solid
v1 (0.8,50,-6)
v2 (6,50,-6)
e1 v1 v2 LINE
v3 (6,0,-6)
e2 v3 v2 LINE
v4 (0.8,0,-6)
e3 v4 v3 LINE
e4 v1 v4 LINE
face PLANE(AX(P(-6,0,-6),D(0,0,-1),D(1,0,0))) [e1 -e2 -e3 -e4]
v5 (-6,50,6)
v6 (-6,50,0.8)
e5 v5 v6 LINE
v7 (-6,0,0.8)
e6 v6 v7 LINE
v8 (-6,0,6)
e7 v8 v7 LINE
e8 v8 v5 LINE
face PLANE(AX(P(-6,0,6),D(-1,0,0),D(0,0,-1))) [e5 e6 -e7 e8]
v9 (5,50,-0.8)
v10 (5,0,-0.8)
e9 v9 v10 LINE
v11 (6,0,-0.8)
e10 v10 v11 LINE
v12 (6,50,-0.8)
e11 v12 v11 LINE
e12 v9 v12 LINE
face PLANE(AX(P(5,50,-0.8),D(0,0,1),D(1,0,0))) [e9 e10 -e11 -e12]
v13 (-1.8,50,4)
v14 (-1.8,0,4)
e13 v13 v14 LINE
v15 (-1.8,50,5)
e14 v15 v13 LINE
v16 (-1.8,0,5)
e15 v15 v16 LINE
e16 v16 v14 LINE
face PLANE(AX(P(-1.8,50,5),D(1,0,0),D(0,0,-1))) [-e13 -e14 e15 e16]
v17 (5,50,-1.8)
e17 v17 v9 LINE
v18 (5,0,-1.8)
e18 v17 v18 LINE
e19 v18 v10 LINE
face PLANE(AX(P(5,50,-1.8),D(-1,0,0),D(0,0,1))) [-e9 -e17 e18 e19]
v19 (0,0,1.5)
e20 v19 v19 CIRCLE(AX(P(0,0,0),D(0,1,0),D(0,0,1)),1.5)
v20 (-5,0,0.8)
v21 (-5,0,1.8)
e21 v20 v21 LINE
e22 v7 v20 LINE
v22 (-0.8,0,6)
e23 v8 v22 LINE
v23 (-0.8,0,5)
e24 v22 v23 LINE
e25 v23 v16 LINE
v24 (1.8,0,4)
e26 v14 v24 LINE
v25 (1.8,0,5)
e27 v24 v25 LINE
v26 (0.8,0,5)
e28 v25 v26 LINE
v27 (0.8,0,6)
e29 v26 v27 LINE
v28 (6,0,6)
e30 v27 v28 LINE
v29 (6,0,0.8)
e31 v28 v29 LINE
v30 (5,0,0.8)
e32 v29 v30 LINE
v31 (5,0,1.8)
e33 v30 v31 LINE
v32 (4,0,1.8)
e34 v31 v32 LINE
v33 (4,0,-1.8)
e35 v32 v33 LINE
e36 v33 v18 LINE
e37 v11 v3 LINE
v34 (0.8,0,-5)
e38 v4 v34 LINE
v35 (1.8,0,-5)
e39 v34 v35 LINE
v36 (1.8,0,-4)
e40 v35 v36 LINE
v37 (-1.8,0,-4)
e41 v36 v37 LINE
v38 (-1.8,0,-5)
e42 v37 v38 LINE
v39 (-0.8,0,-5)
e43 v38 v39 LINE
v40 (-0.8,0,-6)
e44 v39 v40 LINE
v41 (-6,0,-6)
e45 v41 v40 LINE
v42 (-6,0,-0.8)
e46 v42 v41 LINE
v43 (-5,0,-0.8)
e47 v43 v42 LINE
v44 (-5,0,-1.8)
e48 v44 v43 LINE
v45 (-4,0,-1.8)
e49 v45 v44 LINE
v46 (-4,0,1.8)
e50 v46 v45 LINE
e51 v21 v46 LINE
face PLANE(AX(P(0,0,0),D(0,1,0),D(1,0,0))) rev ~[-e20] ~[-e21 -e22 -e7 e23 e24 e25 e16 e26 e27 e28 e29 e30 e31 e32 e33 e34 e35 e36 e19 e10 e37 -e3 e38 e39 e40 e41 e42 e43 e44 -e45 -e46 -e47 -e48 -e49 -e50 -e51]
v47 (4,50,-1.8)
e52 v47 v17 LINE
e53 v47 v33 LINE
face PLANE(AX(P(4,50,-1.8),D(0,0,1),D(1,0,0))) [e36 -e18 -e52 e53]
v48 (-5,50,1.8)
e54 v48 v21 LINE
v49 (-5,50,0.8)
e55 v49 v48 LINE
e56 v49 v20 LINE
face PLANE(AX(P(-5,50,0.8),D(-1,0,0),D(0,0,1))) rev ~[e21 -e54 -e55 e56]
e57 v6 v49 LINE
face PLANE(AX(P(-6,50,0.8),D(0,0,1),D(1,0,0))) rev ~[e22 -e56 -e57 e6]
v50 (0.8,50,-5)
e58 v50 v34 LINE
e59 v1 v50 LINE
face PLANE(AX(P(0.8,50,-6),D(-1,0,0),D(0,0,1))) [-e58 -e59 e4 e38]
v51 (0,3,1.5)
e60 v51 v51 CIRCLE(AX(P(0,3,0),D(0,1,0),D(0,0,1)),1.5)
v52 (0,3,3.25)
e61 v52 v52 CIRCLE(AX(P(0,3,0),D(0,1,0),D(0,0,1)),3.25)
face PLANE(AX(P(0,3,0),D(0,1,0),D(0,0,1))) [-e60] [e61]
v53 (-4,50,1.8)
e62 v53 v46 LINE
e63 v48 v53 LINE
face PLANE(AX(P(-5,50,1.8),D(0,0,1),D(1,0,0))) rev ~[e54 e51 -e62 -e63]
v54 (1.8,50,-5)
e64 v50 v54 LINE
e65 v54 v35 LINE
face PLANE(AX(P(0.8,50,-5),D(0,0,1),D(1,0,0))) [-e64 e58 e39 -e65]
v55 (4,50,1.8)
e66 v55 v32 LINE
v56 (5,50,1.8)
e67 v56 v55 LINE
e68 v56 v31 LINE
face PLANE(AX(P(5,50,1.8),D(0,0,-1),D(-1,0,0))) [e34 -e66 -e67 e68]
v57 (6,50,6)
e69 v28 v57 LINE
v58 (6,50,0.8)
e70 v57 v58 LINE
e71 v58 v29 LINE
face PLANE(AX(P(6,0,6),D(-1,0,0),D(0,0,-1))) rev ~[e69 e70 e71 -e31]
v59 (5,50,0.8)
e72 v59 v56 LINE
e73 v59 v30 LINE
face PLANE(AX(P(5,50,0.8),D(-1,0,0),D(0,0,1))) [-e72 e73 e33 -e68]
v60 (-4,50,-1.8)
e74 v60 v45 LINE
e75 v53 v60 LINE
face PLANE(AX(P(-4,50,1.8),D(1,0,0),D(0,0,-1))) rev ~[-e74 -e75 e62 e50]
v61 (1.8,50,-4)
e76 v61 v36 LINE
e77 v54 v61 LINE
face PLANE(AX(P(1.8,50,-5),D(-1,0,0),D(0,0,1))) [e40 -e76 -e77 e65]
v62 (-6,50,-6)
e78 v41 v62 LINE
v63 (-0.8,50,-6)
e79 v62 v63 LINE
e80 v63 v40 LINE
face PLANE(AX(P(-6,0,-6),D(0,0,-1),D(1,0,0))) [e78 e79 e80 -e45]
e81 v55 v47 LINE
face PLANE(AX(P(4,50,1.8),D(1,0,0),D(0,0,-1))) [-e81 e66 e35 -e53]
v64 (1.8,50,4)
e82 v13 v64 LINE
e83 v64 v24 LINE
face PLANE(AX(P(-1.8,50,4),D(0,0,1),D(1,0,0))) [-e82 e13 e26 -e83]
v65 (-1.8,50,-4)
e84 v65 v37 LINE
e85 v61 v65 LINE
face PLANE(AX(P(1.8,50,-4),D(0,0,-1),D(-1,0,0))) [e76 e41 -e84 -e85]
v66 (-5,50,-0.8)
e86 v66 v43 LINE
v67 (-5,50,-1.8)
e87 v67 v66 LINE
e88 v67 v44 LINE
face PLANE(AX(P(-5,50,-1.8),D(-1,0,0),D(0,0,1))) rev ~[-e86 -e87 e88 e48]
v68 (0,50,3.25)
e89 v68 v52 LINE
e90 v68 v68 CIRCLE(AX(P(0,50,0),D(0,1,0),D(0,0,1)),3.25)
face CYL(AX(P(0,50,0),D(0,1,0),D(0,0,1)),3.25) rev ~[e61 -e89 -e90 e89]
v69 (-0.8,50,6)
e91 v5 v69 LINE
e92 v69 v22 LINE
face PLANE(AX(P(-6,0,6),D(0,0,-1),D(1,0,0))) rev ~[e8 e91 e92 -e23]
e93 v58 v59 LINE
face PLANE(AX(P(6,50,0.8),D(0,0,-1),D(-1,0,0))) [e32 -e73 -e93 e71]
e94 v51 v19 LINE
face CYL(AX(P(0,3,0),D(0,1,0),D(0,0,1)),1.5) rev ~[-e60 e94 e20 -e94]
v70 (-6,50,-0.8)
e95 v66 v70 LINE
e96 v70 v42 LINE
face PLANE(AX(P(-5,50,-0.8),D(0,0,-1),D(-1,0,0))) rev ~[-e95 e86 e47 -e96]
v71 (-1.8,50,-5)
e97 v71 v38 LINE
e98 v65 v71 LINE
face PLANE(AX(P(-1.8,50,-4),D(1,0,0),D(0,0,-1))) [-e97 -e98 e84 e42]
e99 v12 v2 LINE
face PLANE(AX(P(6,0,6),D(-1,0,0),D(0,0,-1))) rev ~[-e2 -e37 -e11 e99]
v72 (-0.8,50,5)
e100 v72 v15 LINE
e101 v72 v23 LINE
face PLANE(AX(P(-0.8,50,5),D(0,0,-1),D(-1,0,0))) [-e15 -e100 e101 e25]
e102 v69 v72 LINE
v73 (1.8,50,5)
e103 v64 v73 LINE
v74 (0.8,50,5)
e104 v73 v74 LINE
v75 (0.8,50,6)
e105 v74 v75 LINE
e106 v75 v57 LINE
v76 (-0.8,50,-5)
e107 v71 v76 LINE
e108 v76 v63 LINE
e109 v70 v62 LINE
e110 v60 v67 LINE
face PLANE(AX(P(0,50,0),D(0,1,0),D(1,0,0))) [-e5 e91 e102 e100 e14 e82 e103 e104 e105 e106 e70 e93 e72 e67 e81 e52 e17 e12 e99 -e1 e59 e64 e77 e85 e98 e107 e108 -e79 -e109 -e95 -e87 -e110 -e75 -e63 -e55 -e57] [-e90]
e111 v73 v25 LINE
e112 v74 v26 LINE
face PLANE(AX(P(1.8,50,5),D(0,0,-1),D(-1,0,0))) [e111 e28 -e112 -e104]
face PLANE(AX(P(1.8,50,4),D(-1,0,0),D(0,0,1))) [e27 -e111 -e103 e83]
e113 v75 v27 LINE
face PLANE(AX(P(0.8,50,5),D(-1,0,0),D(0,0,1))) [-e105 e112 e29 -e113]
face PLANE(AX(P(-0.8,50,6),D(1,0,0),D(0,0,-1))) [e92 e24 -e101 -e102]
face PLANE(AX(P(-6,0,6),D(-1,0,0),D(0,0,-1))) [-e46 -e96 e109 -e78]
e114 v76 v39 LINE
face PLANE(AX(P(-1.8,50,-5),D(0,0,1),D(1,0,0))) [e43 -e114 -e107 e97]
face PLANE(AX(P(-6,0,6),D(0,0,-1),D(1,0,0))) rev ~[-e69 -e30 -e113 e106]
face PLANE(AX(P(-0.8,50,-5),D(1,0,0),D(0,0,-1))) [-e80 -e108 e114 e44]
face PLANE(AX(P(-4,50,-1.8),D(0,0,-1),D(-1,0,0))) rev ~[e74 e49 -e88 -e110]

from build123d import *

# Parameters (mm, degrees)
ESQUISSE1_W             = 12
ESQUISSE1_H             = 12
BOSS_EXTRU_1_DEPTH      = 50
ENL_V_MAT_EXTRU_1_DEPTH = 50
ESQUISSE3_R             = 3.25
ENL_V_MAT_EXTRU_2_DEPTH = 47
ESQUISSE4_R             = 1.5
ENL_V_MAT_EXTRU_3_DEPTH = 3


with BuildPart() as part:
    # Esquisse1 → Boss.-Extru.1 (new body)
    with BuildSketch(Plane(origin=(0, 0, 0), x_dir=(1, 0, 0), z_dir=(0, 1, 0))):
        Rectangle(ESQUISSE1_W, ESQUISSE1_H)
    extrude(amount=BOSS_EXTRU_1_DEPTH)

    # Esquisse2 → Enlèv. mat.-Extru.1 (cut)
    with BuildSketch(Plane(origin=(0, 50, 0), x_dir=(1, 0, 0), z_dir=(0, 1, 0))):
        Polygon((-5, -0.8), (-5, -1.8), (-4, -1.8), (-4, 1.8), (-5, 1.8), (-5, 0.8), (-6, 0.8), (-6, -0.8), align=None)
        Polygon((1.8, 5), (1.8, 4), (-1.8, 4), (-1.8, 5), (-0.8, 5), (-0.8, 6), (0.8, 6), (0.8, 5), align=None)
        Polygon((5, -1.8), (4, -1.8), (4, 1.8), (5, 1.8), (5, 0.8), (6, 0.8), (6, -0.8), (5, -0.8), align=None)
        Polygon((-1.8, -5), (-1.8, -4), (1.8, -4), (1.8, -5), (0.8, -5), (0.8, -6), (-0.8, -6), (-0.8, -5), align=None)
    extrude(amount=-ENL_V_MAT_EXTRU_1_DEPTH, mode=Mode.SUBTRACT)

    # Esquisse3 → Enlèv. mat.-Extru.2 (cut)
    with BuildSketch(Plane(origin=(0, 50, 0), x_dir=(1, 0, 0), z_dir=(0, 1, 0))):
        with Locations(Location((0, 0, 0), (0, 0, 270))):
            Circle(ESQUISSE3_R)
    extrude(amount=-ENL_V_MAT_EXTRU_2_DEPTH, mode=Mode.SUBTRACT)

    # Esquisse4 → Enlèv. mat.-Extru.3 (cut)
    with BuildSketch(Plane(origin=(0, 3, 0), x_dir=(1, 0, 0), z_dir=(0, 1, 0))):
        with Locations(Location((0, 0, 0), (0, 0, 270))):
            Circle(ESQUISSE4_R)
    extrude(amount=-ENL_V_MAT_EXTRU_3_DEPTH, mode=Mode.SUBTRACT)


solid = part.part
